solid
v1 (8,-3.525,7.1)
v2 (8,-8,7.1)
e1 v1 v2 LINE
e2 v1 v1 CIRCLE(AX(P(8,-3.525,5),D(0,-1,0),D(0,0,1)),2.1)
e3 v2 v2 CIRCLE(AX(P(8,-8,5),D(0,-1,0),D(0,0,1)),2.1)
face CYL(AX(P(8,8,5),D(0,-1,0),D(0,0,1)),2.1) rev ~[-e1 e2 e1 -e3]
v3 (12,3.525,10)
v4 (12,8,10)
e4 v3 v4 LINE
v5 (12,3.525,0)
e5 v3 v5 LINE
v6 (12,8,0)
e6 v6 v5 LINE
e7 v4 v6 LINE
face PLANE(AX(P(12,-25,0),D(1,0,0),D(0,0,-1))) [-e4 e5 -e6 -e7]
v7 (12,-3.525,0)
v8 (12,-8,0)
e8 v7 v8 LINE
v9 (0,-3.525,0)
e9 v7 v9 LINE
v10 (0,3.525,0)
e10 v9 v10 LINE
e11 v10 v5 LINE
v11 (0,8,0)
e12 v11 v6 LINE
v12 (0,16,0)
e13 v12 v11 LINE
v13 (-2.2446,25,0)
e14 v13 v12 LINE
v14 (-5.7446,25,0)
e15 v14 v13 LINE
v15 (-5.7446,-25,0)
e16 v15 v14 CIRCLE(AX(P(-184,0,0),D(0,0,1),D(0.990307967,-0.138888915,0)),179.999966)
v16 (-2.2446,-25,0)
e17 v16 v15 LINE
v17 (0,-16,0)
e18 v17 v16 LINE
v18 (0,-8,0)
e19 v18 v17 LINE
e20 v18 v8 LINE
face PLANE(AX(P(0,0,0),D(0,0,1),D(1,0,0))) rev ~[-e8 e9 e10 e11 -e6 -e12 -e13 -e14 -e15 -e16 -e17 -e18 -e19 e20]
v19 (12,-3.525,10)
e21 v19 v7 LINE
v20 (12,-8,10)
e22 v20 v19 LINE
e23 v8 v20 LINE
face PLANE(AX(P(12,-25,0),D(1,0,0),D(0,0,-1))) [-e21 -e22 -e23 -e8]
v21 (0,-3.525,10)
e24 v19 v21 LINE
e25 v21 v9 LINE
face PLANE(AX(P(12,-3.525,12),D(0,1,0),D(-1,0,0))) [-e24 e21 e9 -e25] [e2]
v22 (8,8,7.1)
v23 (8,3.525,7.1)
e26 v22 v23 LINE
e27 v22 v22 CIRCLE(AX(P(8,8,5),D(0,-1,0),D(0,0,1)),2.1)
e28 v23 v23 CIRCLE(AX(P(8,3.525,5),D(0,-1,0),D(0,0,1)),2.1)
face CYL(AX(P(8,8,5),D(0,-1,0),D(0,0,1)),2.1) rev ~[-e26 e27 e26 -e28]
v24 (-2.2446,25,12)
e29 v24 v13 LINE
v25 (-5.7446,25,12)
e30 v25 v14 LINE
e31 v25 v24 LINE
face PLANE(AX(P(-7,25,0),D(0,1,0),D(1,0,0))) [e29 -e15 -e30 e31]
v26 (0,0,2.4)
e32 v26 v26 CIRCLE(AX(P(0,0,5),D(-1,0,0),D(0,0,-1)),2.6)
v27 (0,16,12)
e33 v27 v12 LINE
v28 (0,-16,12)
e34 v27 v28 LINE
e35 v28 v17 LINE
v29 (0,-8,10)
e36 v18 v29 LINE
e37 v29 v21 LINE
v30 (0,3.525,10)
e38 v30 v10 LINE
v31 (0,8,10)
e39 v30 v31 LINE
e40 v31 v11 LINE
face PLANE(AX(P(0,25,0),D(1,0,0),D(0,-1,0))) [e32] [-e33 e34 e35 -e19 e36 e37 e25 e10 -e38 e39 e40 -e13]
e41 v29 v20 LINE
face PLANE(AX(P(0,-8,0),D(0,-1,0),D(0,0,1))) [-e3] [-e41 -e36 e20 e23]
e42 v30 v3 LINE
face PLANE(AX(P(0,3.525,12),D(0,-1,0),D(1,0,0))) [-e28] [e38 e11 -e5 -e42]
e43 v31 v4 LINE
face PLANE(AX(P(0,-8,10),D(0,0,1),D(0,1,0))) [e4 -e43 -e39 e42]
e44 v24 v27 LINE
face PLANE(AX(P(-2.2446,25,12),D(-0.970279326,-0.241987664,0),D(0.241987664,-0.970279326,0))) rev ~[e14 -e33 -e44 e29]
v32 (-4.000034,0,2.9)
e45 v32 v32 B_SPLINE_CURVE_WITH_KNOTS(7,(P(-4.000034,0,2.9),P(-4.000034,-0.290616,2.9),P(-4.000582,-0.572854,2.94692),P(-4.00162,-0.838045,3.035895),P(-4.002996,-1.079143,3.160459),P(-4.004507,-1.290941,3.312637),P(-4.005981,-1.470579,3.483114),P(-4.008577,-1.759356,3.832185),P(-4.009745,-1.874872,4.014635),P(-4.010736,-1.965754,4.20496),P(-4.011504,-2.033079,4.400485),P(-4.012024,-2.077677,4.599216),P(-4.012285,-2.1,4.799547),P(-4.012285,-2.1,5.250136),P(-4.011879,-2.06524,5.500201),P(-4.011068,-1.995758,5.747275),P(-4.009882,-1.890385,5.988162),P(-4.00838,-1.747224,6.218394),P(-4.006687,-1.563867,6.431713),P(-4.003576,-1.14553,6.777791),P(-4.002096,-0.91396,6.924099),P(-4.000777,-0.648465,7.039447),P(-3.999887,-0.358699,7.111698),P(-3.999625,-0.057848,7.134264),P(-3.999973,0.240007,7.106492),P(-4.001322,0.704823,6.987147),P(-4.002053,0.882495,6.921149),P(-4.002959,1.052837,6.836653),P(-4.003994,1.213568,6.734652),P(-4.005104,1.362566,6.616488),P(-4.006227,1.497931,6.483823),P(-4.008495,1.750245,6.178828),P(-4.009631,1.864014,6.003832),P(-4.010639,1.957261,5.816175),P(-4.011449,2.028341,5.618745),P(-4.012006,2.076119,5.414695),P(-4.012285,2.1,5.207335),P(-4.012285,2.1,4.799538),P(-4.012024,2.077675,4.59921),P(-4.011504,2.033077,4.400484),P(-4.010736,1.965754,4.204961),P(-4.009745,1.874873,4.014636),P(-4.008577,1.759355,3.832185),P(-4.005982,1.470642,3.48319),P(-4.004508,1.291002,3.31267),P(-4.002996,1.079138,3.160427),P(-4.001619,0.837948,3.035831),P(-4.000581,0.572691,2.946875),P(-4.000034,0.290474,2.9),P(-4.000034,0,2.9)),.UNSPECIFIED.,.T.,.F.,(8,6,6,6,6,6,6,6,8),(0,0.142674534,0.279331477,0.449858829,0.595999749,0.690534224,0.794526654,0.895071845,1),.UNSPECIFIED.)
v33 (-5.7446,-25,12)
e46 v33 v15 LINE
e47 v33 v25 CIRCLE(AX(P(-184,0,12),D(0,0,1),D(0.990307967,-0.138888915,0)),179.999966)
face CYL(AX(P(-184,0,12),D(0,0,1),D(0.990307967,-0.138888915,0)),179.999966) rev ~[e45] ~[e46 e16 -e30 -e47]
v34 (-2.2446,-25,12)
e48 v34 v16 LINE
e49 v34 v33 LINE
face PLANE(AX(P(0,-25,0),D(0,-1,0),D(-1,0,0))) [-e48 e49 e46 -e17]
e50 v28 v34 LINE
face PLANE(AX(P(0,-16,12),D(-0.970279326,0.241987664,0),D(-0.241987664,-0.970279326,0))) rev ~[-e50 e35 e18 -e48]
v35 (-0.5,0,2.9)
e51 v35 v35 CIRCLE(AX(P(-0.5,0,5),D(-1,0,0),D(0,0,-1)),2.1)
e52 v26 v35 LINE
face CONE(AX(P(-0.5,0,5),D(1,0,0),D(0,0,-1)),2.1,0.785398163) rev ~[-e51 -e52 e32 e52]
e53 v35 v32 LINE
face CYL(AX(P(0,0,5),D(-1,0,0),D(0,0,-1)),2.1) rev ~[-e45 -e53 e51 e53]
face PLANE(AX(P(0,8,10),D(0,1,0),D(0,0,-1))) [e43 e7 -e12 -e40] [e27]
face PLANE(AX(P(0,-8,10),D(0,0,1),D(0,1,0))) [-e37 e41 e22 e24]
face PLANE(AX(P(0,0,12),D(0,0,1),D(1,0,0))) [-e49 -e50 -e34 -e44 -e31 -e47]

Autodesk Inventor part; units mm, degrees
ref_plane "YZ Plane" through (0, 0, 0) normal (1, 0, 0) x (0, 1, 0)
ref_plane "XZ Plane" through (0, 0, 0) normal (0, 1, 0) x (-1, 0, 0)
ref_plane "XY Plane" through (0, 0, 0) normal (0, 0, 1) x (1, 0, 0)
sketch "Skizze1" plane through (0, 0, 0) normal (0, 0, 1) x (1, 0, 0)
  line L0 (-7, 25) -> (0, 25)
  line L1 (0, 25) -> (0, -25)
  line L2 (0, -25) -> (-7, -25)
  line L3 (-7, -25) -> (-7, 25)
  point P0 (0, 0)
  point P1 (0, 0)
  dimension "d0" = 7
  dimension "d1" = 50
extrude "Extrusion1" add sketch "Skizze1" along normal blind 12
sketch "Skizze2" plane through (0, -25, 0) normal (1, 0, 0) x (0, 0, -1)
  line L0 (-10, 33) -> (0, 33)
  line L1 (0, 33) -> (0, 17)
  line L2 (0, 17) -> (-10, 17)
  line L3 (-10, 17) -> (-10, 33)
  line L4 (0, 0) -> (0, 50) projected
  line L5 (-12, 0) -> (-12, 50) projected
  point P0 (0, 25)
  point P1 (0, 25)
  point P2 (0, 25)
  dimension "d4" = 0
  dimension "d6" = 16
  dimension "d48" = 10
extrude "Extrusion2" add sketch "Skizze2" along normal blind 12
sketch "Skizze5" plane through (0, 0, 12) normal (0, 0, 1) x (1, 0, 0)
  line L0 (12, -3.525) -> (0, -3.525)
  line L1 (0, -3.525) -> (0, 3.525)
  line L2 (0, 3.525) -> (12, 3.525)
  line L3 (12, 3.525) -> (12, -3.525)
  line L4 (12, -3.525) -> (0, 3.525) construction
  line L5 (0, -3.525) -> (12, 3.525) construction
  line L6 (12, 8) -> (12, -8) projected
  point P0 (0, 0)
  point P1 (6, 0)
  point P2 (6, 0)
  point P3 (0, 0)
  point P4 (6, 0)
  dimension "d27" = 7.05
extrude "Extrusion3" cut sketch "Skizze5" against normal through all
sketch "Skizze6" plane through (0, 8, 12) normal (0, 1, 0) x (1, 0, 0)
  line L0 (0, 2) -> (0, 12) construction
  line L1 (0, 2) -> (12, 2) construction
  line L2 (12, 12) -> (12, 2) construction
  line L3 (0, 12) -> (12, 12) construction
  point P0 (0, 12)
  point P1 (8, 7)
  point P2 (12, 7)
  point P3 (6, 2)
  dimension "d38" = 8
  dimension "d47" = 5
hole "Bohrung3" at (8, 8, 5) direction (0, -1, 0) diameter 4.2 end through all
sketch "Skizze7" plane through (0, -3.525, 12) normal (1, 0, 0) x (0, 0, -1)
  line L0 (12, 7.05) -> (12, 0) construction
  line L1 (2, 7.05) -> (12, 7.05) construction
  line L2 (0, -21.475) -> (0, 28.525) construction
  line L3 (2, 0) -> (12, 0) construction
  line L4 (12, 0) -> (2, 0) projected
  line L5 (12, -21.475) -> (0, -21.475) projected
  line L6 (12, -21.475) -> (12, -4.475) projected
  line L7 (12, -4.475) -> (2, -4.475) projected
  line L8 (2, -4.475) -> (2, 0) projected
  line L9 (2, 7.05) -> (2, 11.525) projected
  line L10 (2, 11.525) -> (12, 11.525) projected
  line L11 (12, 11.525) -> (12, 28.525) projected
  line L12 (12, 28.525) -> (0, 28.525) projected
  line L13 (2, 7.05) -> (12, 7.05) projected
  point P0 (12, 3.525)
  point P1 (0, 0)
  point P2 (7, 3.525)
  point P3 (7, 0)
  point P4 (0, 3.525)
  point P5 (7, 7.05)
hole "Bohrung4" at (0, 0, 5) direction (-1, 0, 0) diameter 4.2 end through all
sketch "Skizze9" plane through (0, 0, 12) normal (0, 0, 1) x (1, 0, 0)
  line L0 (-7, -25) -> (0, -25) projected
  line L1 (0, -25) -> (0, 25) projected
  line L2 (0, 25) -> (-7, 25) projected
  line L3 (-7, 25) -> (-7, -25) projected
  arc A0 (-5.7446, -25) -> (-5.7446, 25) centre (-184, 0) ccw
  line L4 (0, -8) -> (12, -8) projected
  line L5 (-4, 0) -> (0, 0) construction
  line L6 (-2.2446, 25) -> (0, 16)
  line L7 (0, 8) -> (12, 8) projected
  line L8 (0, -16) -> (-2.2446, -25)
  point P0 (0, 0)
  dimension "d55" = 4
  dimension "d56" = 180
  dimension "d57" = 8
  dimension "d58" = 3.5
  dimension "d59" = 8
  dimension "d60" = 3.5
extrude "Extrusion4" cut sketch "Skizze9" against normal through all contours L3 L2 A0 L0 | L8 L1 L0 | L2 L1 L6
chamfer "Fase1" distance 0.5 angle 45 1 edges at (0, 0, 7.1)
properties part number "Schaufel_newtest" material "Aluminium 6061"
